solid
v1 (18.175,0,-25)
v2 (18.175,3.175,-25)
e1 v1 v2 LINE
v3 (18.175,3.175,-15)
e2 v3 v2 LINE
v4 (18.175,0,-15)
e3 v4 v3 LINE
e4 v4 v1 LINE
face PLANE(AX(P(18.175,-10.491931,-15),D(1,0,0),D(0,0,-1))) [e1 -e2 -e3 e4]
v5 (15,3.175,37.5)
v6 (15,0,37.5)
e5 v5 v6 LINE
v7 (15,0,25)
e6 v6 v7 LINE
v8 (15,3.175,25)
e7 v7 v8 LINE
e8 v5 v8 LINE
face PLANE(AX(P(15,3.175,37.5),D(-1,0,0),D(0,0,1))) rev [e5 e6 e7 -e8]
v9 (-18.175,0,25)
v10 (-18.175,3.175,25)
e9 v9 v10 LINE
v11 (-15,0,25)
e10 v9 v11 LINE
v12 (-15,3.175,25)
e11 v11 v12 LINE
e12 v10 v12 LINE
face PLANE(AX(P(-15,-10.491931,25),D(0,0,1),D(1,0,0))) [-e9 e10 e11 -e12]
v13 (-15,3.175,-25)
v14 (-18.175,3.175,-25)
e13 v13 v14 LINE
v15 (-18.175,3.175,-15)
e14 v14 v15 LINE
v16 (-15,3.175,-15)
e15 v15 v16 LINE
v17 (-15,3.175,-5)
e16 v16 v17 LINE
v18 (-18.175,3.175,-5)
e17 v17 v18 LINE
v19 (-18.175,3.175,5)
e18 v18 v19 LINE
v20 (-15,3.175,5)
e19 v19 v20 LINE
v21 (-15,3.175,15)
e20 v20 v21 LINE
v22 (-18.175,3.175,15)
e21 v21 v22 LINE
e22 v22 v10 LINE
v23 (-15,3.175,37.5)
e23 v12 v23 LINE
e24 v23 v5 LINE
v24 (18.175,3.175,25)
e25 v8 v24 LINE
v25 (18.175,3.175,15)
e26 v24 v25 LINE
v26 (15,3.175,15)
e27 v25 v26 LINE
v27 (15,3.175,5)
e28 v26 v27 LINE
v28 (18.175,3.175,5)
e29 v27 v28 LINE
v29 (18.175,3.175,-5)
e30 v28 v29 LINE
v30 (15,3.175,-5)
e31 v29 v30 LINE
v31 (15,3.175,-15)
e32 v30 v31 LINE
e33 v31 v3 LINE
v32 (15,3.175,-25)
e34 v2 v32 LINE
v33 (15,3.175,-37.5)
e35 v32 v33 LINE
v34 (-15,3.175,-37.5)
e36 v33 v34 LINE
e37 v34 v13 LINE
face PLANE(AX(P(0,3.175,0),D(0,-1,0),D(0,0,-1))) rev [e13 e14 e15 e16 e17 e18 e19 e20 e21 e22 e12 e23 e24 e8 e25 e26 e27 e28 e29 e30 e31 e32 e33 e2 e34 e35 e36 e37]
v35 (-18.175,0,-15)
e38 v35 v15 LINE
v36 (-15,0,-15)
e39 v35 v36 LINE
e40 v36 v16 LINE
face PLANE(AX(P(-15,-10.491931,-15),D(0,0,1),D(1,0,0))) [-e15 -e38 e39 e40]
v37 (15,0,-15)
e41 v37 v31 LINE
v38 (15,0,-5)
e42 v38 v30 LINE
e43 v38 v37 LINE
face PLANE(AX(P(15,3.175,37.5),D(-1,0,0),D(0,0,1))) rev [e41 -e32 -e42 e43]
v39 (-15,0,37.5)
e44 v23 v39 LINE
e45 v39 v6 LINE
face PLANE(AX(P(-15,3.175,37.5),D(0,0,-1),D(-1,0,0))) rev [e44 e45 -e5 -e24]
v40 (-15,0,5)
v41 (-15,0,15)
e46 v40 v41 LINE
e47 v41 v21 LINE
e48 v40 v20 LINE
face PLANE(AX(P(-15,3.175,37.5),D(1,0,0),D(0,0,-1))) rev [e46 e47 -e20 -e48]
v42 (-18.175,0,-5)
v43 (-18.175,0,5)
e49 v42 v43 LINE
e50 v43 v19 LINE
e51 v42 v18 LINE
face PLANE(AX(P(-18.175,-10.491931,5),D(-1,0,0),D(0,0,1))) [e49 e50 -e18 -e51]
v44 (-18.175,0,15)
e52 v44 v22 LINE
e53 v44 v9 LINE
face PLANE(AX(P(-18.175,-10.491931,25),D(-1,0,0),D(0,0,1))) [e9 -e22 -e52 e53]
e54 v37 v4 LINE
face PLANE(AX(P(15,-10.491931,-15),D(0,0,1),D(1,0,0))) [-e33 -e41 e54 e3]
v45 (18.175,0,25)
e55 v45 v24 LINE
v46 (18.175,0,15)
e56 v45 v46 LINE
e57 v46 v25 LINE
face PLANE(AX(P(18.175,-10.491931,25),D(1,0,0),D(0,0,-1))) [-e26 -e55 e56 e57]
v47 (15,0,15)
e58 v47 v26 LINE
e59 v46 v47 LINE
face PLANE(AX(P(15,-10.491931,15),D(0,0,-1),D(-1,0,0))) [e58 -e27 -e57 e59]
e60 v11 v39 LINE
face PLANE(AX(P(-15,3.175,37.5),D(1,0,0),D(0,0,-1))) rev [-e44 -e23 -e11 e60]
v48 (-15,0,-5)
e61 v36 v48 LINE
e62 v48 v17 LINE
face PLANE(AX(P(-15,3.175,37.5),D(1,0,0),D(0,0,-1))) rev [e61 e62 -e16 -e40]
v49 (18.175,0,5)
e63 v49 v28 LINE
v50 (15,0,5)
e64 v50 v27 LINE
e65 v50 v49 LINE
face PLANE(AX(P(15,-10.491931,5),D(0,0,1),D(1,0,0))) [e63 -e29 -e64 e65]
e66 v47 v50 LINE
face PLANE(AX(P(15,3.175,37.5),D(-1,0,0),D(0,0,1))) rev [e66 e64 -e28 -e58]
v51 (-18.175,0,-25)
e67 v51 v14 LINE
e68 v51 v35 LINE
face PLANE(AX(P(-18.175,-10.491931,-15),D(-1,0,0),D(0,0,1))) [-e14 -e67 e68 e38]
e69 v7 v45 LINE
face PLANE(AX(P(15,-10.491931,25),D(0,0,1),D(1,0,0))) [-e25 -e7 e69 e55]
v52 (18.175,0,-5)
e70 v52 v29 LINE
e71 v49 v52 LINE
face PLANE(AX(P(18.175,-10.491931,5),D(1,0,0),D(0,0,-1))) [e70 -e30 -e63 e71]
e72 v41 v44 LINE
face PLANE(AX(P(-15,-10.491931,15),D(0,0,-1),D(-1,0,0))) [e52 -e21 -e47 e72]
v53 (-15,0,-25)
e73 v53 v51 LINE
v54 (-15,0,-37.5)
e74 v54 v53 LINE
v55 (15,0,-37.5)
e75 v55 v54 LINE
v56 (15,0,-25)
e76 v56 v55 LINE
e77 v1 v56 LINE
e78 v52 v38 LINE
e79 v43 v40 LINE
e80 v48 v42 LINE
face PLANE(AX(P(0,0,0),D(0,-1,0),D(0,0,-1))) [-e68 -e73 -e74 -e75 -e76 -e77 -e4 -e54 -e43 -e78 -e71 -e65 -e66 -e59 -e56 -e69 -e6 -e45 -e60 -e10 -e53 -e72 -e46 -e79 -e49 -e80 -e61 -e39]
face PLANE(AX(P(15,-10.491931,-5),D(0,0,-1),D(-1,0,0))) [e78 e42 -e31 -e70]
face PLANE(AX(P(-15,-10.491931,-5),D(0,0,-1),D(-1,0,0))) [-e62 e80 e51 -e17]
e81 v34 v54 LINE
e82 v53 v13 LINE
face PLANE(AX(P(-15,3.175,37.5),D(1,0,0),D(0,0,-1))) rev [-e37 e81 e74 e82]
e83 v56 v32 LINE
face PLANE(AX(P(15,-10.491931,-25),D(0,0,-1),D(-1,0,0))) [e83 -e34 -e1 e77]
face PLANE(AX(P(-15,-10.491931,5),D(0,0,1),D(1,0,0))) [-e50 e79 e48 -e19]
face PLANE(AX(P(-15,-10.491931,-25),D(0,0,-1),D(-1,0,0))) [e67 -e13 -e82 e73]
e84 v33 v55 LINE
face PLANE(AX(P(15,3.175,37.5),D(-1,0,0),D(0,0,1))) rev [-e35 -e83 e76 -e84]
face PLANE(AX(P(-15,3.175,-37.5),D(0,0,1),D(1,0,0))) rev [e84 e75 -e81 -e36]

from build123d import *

# Parameters (mm, degrees)
SKETCH1_W           = 30
SKETCH1_H           = 75
BOSS_EXTRUDE1_DEPTH = 3.175
SKETCH2_W           = 3.175
SKETCH2_H           = 10
BOSS_EXTRUDE2_DEPTH = 3.175


with BuildPart() as part:
    # Sketch1 → Boss-Extrude1 (new body)
    with BuildSketch(Plane(origin=(0, 0, 0), x_dir=(1, 0, 0), z_dir=(0, 1, 0))):
        Rectangle(SKETCH1_W, SKETCH1_H)
    extrude(amount=BOSS_EXTRUDE1_DEPTH)

    # Sketch2 → Boss-Extrude2 (add)
    with BuildSketch(Plane(origin=(0, 3.175, 0), x_dir=(1, 0, 0), z_dir=(0, 1, 0))):
        with Locations((-16.5875, 0)):
            Rectangle(SKETCH2_W, SKETCH2_H)
        with Locations((-16.5875, -20)):
            Rectangle(SKETCH2_W, SKETCH2_H)
        with Locations((-16.5875, 20)):
            Rectangle(SKETCH2_W, SKETCH2_H)
        with Locations((16.5875, -20)):
            Rectangle(SKETCH2_W, SKETCH2_H)
        with Locations((16.5875, 0)):
            Rectangle(SKETCH2_W, SKETCH2_H)
        with Locations((16.5875, 20)):
            Rectangle(SKETCH2_W, SKETCH2_H)
    extrude(amount=-BOSS_EXTRUDE2_DEPTH)


solid = part.part
